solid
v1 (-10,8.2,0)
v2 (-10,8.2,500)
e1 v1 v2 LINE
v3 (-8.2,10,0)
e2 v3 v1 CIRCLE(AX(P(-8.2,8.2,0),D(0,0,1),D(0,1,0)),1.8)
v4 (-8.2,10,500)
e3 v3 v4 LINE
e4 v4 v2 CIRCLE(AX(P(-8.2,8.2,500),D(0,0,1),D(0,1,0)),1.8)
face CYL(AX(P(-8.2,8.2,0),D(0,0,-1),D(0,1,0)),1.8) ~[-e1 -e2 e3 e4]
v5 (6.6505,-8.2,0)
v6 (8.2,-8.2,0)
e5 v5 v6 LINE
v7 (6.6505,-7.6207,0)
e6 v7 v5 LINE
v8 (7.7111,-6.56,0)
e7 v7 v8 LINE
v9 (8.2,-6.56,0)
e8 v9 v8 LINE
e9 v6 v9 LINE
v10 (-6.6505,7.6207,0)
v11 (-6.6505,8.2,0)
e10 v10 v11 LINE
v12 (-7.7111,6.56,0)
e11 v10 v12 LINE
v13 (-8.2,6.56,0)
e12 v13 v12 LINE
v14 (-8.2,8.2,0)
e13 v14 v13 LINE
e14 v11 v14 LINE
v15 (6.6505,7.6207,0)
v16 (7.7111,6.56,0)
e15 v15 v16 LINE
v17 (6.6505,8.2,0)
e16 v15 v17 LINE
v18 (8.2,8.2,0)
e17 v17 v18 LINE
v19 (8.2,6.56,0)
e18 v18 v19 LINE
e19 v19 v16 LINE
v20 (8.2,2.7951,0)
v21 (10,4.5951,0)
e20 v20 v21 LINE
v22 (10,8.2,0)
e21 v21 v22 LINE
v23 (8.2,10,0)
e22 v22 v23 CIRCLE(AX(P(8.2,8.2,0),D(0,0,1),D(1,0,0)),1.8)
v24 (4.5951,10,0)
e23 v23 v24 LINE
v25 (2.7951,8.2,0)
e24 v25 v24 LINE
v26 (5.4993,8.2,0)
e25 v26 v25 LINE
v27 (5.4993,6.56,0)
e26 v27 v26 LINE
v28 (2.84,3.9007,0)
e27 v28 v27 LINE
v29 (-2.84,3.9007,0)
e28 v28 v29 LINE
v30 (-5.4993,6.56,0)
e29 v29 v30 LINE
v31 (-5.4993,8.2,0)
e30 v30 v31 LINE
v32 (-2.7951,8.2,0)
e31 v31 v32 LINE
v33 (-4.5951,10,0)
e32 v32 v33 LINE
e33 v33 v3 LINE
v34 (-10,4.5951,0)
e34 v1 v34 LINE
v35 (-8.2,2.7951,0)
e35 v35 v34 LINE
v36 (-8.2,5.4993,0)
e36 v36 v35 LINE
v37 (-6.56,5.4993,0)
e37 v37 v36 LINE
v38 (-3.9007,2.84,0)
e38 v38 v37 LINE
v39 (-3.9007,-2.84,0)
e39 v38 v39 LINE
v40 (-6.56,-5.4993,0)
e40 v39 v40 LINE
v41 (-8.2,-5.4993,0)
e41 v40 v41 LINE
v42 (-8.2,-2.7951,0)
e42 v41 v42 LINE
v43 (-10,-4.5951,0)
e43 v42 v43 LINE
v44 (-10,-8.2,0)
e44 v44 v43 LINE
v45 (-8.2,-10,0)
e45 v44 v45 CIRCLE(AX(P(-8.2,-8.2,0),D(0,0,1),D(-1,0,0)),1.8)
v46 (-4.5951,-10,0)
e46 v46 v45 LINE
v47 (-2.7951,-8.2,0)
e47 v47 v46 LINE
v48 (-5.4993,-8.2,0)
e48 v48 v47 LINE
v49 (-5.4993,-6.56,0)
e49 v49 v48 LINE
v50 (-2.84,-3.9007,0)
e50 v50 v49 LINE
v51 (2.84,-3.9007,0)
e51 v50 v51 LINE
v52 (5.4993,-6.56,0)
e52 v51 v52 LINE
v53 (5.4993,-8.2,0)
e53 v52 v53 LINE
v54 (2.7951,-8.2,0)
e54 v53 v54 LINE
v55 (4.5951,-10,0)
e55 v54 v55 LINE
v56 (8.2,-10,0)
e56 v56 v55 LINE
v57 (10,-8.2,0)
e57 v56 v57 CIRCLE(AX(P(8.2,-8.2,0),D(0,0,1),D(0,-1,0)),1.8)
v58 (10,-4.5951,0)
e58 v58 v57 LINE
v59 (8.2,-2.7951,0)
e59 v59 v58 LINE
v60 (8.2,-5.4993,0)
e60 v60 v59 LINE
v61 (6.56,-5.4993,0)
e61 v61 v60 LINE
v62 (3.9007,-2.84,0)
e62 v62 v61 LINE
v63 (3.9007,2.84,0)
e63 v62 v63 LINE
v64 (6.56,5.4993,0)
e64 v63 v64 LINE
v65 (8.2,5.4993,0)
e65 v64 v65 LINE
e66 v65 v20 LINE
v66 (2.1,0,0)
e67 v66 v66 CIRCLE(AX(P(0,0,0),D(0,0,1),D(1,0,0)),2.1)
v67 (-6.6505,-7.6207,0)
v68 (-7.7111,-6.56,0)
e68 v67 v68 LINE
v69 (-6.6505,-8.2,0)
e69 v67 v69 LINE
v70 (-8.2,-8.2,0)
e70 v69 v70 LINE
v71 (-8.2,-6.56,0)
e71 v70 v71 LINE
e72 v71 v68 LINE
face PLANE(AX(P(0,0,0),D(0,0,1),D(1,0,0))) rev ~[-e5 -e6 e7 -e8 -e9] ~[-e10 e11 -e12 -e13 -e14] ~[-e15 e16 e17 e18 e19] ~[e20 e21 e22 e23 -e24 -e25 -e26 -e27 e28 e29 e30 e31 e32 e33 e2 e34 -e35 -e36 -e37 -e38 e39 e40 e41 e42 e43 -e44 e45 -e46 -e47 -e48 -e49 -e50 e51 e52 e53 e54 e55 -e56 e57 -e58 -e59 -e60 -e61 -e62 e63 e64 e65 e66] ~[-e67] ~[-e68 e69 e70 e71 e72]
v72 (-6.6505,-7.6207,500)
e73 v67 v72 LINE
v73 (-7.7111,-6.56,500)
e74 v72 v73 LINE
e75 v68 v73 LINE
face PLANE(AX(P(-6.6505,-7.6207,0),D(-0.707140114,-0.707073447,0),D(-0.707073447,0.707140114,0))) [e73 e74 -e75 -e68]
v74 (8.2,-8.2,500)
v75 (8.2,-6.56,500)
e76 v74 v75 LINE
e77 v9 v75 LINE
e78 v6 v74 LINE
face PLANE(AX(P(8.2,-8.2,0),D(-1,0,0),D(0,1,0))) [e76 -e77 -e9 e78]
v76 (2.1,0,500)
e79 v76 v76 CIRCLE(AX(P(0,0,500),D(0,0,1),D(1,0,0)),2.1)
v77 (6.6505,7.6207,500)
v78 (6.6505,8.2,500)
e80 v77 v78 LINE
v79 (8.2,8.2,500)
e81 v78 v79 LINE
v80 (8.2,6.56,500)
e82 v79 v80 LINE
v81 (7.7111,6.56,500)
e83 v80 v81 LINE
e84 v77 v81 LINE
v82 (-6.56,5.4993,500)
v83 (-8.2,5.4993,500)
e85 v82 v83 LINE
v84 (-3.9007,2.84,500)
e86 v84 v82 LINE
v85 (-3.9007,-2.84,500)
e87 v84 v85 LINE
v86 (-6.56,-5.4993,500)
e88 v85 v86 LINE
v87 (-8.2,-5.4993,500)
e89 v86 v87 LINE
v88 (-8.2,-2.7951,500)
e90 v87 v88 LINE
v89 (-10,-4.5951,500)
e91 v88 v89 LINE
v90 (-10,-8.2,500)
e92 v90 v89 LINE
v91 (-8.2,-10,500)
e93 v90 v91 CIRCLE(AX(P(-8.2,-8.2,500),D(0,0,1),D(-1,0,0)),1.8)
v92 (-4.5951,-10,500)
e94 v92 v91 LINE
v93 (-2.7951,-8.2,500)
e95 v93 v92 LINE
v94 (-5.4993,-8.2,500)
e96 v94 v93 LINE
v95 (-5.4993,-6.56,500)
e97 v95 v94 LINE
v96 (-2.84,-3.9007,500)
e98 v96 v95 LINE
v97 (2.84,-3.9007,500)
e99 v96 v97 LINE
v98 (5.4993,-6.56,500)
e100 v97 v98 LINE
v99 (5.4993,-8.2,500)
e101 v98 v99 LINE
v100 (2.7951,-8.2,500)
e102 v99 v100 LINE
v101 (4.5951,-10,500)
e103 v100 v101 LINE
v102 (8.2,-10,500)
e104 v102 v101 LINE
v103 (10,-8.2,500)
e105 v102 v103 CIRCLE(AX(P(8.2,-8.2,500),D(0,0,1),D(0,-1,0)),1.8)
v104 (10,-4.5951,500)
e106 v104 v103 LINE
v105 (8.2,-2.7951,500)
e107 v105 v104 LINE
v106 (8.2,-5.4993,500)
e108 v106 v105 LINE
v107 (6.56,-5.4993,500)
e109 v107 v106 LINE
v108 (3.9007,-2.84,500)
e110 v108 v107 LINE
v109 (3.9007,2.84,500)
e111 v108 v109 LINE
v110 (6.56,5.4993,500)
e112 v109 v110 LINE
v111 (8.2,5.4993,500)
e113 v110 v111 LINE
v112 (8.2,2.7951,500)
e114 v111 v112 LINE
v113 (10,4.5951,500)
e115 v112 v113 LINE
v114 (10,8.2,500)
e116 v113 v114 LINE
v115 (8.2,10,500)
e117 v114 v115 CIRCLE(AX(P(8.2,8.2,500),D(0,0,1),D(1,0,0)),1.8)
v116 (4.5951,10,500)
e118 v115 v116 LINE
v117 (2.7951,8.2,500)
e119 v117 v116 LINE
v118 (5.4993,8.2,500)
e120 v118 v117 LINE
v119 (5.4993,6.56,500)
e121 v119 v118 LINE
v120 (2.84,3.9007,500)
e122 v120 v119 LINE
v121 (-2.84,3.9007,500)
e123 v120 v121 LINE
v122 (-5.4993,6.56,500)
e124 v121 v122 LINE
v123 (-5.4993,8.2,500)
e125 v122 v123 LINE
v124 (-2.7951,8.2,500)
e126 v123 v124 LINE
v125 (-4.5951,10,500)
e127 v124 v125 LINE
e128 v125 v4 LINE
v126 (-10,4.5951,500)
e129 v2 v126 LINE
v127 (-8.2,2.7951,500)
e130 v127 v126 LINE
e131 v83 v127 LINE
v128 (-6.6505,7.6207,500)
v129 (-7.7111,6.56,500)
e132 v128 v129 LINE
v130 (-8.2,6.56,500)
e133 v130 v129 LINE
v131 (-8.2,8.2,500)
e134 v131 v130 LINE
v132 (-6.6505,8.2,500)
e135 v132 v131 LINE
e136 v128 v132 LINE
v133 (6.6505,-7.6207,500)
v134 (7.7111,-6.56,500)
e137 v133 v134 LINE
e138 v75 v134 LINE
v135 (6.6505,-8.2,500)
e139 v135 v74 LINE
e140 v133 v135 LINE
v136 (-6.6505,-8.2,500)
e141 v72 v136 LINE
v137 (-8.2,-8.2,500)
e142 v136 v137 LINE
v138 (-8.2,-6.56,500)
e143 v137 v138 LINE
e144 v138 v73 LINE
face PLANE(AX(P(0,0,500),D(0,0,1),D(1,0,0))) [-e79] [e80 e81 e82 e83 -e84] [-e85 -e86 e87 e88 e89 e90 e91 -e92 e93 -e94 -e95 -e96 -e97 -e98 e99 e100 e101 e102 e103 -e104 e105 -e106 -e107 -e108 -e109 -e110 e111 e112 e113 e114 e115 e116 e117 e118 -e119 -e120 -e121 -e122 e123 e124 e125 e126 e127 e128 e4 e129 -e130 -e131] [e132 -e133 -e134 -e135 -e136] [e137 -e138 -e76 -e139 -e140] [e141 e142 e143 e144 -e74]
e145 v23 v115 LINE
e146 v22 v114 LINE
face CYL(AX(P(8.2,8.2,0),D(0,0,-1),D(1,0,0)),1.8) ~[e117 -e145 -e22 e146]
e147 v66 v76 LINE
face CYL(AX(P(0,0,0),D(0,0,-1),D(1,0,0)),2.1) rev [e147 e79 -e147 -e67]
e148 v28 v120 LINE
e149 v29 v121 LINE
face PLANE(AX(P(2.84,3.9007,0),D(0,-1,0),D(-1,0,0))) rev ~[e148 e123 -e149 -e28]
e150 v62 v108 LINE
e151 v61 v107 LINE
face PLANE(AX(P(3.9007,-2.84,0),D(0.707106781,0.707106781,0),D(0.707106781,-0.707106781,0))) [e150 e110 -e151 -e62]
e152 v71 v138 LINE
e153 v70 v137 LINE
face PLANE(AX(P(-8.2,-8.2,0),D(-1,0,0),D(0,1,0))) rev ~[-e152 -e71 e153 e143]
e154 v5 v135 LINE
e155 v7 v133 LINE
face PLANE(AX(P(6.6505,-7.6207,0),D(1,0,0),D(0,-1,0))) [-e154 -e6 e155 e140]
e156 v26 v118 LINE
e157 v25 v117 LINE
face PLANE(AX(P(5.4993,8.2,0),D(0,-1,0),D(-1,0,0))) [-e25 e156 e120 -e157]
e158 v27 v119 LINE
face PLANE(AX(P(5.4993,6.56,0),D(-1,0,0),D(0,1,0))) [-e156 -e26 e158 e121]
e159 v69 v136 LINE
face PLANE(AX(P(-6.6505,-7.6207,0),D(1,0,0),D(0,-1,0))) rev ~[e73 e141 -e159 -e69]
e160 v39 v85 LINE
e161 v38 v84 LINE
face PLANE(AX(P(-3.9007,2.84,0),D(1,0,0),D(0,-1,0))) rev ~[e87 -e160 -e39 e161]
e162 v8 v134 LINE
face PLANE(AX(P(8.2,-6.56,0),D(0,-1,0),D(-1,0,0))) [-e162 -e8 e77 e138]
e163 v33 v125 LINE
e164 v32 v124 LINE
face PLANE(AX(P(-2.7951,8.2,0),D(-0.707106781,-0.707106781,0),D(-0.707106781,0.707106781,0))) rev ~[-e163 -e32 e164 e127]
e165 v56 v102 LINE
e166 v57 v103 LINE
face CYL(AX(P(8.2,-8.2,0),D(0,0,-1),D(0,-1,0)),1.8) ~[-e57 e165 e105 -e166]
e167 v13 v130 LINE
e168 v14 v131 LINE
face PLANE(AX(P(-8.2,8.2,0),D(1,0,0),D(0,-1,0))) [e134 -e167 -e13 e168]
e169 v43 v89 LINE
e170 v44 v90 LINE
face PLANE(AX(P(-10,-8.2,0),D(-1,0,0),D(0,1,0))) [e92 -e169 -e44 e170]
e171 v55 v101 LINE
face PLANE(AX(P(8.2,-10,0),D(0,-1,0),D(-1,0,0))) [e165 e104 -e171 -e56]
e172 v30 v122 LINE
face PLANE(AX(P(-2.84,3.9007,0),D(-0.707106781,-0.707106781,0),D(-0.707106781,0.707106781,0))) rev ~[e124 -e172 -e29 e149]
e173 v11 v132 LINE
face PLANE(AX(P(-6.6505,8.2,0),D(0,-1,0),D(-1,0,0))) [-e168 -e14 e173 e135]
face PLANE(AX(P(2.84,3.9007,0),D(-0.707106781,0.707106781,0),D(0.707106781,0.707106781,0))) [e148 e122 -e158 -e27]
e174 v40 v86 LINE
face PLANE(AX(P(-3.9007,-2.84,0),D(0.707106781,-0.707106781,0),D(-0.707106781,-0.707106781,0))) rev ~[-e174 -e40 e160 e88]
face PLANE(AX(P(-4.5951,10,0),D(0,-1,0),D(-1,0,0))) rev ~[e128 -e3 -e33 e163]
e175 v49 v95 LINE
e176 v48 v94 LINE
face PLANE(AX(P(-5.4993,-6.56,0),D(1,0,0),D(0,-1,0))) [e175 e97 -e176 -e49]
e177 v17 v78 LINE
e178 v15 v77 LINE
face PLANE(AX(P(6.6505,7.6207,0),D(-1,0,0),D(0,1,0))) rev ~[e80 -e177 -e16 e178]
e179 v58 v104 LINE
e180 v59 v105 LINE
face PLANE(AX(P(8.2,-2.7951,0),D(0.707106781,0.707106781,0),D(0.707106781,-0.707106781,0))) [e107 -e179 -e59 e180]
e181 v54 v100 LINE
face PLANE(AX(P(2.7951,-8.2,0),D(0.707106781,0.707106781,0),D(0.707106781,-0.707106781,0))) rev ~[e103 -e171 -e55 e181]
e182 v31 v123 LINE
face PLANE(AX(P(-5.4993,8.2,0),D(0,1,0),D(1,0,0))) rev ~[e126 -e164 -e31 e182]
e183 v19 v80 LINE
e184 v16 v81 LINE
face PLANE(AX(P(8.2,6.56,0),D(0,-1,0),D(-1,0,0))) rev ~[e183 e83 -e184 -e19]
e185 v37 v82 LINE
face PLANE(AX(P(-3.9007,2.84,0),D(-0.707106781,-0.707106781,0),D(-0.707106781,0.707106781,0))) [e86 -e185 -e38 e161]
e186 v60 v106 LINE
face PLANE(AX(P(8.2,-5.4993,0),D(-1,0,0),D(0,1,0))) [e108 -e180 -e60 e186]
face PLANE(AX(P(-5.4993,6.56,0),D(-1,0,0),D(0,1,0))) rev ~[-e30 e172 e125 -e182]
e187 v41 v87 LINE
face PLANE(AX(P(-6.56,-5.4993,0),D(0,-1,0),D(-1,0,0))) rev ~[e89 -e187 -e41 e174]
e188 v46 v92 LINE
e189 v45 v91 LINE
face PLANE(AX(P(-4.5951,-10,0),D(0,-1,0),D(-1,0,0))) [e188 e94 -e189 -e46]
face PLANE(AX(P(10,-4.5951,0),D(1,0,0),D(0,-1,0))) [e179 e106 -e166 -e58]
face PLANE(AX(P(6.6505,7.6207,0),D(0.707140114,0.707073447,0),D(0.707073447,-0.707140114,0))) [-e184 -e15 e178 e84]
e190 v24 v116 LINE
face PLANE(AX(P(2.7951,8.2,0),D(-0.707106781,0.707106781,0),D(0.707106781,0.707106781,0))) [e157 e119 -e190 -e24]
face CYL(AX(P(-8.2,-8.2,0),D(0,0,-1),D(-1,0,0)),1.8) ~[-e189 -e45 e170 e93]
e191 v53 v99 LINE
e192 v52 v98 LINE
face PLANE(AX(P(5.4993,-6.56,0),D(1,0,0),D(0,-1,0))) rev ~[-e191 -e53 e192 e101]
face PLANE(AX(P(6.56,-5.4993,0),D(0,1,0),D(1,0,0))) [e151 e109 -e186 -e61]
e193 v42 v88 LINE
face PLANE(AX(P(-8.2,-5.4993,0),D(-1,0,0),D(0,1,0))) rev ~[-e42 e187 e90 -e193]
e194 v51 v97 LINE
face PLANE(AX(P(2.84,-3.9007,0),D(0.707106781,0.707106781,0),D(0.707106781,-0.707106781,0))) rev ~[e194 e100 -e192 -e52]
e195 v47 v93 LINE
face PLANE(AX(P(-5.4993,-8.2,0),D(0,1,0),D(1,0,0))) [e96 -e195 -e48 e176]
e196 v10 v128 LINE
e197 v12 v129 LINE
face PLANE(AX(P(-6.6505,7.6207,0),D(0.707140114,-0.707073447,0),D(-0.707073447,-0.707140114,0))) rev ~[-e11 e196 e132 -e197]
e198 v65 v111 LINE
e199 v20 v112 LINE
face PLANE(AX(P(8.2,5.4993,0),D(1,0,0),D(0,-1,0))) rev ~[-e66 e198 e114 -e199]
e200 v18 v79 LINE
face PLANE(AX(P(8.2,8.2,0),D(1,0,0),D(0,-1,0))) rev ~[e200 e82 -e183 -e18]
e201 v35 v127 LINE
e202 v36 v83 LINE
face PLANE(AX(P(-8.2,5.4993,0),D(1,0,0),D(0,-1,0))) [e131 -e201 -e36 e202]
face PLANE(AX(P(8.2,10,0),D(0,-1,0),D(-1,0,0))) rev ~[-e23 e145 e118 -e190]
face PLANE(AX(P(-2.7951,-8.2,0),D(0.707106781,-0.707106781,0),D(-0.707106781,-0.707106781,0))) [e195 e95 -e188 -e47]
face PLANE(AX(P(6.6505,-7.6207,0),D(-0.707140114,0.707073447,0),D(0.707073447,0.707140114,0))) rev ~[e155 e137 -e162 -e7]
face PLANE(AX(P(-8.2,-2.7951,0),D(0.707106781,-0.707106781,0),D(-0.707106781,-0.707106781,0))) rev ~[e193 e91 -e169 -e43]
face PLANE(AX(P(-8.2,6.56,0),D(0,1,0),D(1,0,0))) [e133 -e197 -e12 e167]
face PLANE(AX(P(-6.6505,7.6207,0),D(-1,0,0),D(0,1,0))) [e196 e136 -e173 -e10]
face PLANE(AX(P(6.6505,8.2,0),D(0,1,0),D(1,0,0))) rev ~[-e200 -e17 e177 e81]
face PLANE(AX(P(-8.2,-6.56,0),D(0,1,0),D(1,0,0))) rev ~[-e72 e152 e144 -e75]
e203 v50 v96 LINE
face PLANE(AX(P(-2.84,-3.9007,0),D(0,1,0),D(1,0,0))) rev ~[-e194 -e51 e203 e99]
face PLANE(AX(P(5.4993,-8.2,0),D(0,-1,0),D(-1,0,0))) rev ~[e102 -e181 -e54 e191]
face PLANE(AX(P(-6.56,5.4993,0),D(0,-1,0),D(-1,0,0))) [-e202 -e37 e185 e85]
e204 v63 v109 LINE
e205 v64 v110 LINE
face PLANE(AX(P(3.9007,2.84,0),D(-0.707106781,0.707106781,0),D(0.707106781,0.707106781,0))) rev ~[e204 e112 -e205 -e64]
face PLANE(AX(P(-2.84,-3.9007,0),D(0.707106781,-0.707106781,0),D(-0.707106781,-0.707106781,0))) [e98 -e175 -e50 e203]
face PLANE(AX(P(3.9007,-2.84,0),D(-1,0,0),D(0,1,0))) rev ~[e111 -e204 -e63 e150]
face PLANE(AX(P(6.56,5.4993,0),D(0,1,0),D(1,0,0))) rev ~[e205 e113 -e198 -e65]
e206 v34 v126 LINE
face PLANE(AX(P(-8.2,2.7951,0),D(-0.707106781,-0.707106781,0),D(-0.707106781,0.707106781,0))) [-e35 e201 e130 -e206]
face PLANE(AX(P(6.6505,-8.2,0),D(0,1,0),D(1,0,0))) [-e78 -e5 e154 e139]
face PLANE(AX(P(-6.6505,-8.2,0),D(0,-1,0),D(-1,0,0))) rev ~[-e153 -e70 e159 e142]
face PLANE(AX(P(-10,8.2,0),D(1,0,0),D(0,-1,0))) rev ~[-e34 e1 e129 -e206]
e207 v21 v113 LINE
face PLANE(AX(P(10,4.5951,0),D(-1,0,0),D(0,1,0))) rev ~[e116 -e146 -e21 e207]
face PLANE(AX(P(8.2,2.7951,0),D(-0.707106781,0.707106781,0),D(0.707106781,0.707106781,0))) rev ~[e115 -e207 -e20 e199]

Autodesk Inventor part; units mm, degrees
ref_plane "YZ Plane" through (0, 0, 0) normal (1, 0, 0) x (0, 1, 0)
sketch "Sketch1" plane through (0, 0, 0) normal (0, 0, 1) x (1, 0, 0)
  line L0 (10, -4.5951) -> (10, -8.2)
  line L1 (-10, -8.2) -> (-10, -4.5951)
  line L2 (-10, 10) -> (10, -10) construction
  line L3 (10, 10) -> (-10, -10) construction
  circle A0 centre (0, 0) radius 2.1
  line L4 (-2.84, -3.9007) -> (2.84, -3.9007)
  line L5 (3.9007, -2.84) -> (3.9007, 2.84)
  line L6 (2.84, 3.9007) -> (-2.84, 3.9007)
  line L7 (-3.9007, 2.84) -> (-3.9007, -2.84)
  line L8 (-3.9007, -3.9007) -> (3.9007, 3.9007) construction
  line L9 (3.9007, -3.9007) -> (-3.9007, 3.9007) construction
  line L10 (-3.9007, -2.84) -> (-2.84, -3.9007) construction
  line L11 (-2.84, -3.9007) -> (-5.4993, -6.56)
  line L12 (-5.4993, -6.56) -> (-5.4993, -8.2)
  line L13 (-5.4993, -8.2) -> (-2.7951, -8.2)
  line L14 (-2.7951, -8.2) -> (-4.5951, -10)
  line L15 (0, 0) -> (0, -3.9007) construction
  line L16 (3.9007, -2.84) -> (2.84, -3.9007) construction
  line L17 (2.84, -3.9007) -> (5.4993, -6.56)
  line L18 (5.4993, -6.56) -> (5.4993, -8.2)
  line L19 (5.4993, -8.2) -> (2.7951, -8.2)
  line L20 (2.7951, -8.2) -> (4.5951, -10)
  line L21 (-2.84, -3.9007) -> (-3.9007, -2.84) construction
  line L22 (-3.9007, -2.84) -> (-6.56, -5.4993)
  line L23 (-6.56, -5.4993) -> (-8.2, -5.4993)
  line L24 (-8.2, -5.4993) -> (-8.2, -2.7951)
  line L25 (-8.2, -2.7951) -> (-10, -4.5951)
  line L26 (3.9007, -2.84) -> (6.56, -5.4993)
  line L27 (6.56, -5.4993) -> (8.2, -5.4993)
  line L28 (8.2, -5.4993) -> (8.2, -2.7951)
  line L29 (8.2, -2.7951) -> (10, -4.5951)
  arc A1 (-10, -8.2) -> (-8.2, -10) centre (-8.2, -8.2) ccw
  arc A2 (8.2, -10) -> (10, -8.2) centre (8.2, -8.2) ccw
  line L30 (-8.2, -6.56) -> (-7.7111, -6.56)
  line L31 (-6.6505, -8.2) -> (-8.2, -8.2)
  line L32 (-8.2, -8.2) -> (-8.2, -6.56)
  line L33 (-6.6505, -7.6207) -> (-7.7111, -6.56)
  line L34 (-6.6505, -7.6207) -> (-6.6505, -8.2)
  line L35 (8.2, -6.56) -> (7.7111, -6.56)
  line L36 (6.6505, -8.2) -> (8.2, -8.2)
  line L37 (8.2, -8.2) -> (8.2, -6.56)
  line L38 (6.6505, -7.6207) -> (7.7111, -6.56)
  line L39 (6.6505, -7.6207) -> (6.6505, -8.2)
  line L40 (8.2, -10) -> (4.5951, -10)
  line L41 (-4.5951, -10) -> (-8.2, -10)
  line L42 (-3.9007, 0) -> (3.9007, 0) construction
  line L43 (10, 4.5951) -> (10, 8.2)
  line L44 (-10, 8.2) -> (-10, 4.5951)
  line L45 (-2.84, 3.9007) -> (2.84, 3.9007)
  line L46 (-3.9007, 2.84) -> (-2.84, 3.9007) construction
  line L47 (-2.84, 3.9007) -> (-5.4993, 6.56)
  line L48 (-5.4993, 6.56) -> (-5.4993, 8.2)
  line L49 (-5.4993, 8.2) -> (-2.7951, 8.2)
  line L50 (-2.7951, 8.2) -> (-4.5951, 10)
  line L51 (2.84, 3.9007) -> (5.4993, 6.56)
  line L52 (5.4993, 6.56) -> (5.4993, 8.2)
  line L53 (5.4993, 8.2) -> (2.7951, 8.2)
  line L54 (2.7951, 8.2) -> (4.5951, 10)
  line L55 (3.9007, 2.84) -> (2.84, 3.9007) construction
  line L56 (-8.2, 2.7951) -> (-10, 4.5951)
  line L57 (-2.84, 3.9007) -> (-3.9007, 2.84) construction
  line L58 (-3.9007, 2.84) -> (-6.56, 5.4993)
  line L59 (-6.56, 5.4993) -> (-8.2, 5.4993)
  line L60 (-8.2, 5.4993) -> (-8.2, 2.7951)
  line L61 (3.9007, 2.84) -> (6.56, 5.4993)
  line L62 (6.56, 5.4993) -> (8.2, 5.4993)
  line L63 (8.2, 5.4993) -> (8.2, 2.7951)
  line L64 (8.2, 2.7951) -> (10, 4.5951)
  arc A3 (-8.2, 10) -> (-10, 8.2) centre (-8.2, 8.2) ccw
  arc A4 (10, 8.2) -> (8.2, 10) centre (8.2, 8.2) ccw
  line L65 (-8.2, 6.56) -> (-7.7111, 6.56)
  line L66 (-6.6505, 8.2) -> (-8.2, 8.2)
  line L67 (-8.2, 8.2) -> (-8.2, 6.56)
  line L68 (-6.6505, 7.6207) -> (-7.7111, 6.56)
  line L69 (-6.6505, 7.6207) -> (-6.6505, 8.2)
  line L70 (8.2, 6.56) -> (7.7111, 6.56)
  line L71 (6.6505, 7.6207) -> (7.7111, 6.56)
  line L72 (8.2, 8.2) -> (8.2, 6.56)
  line L73 (6.6505, 7.6207) -> (6.6505, 8.2)
  line L74 (6.6505, 8.2) -> (8.2, 8.2)
  line L75 (8.2, 10) -> (4.5951, 10)
  line L76 (-4.5951, 10) -> (-8.2, 10)
  line L77 (-8.2, 10) -> (-4.5951, 10)
  line L78 (4.5951, 10) -> (8.2, 10)
  point P0 (8.2, -8.2)
  point P1 (0, 3.9007)
  point P2 (8.2, 8.2)
  point P3 (0, 2.1)
  point P4 (1.4849, 1.4849)
  point P5 (0, 2.1)
  point P6 (0, 10)
  dimension "Width" = 20
  dimension "Height" = 20
  dimension "d2" = 4.2
  dimension "d3" = 1.5
  dimension "d4" = 1.64
  dimension "d6" = 5.68
  dimension "d7" = 1.8
  dimension "d9" = 1.5
ref_plane "Start Plane" through (0, 0, 0) normal (0, 0, 1) x (1, 0, 0)
ref_plane "End Plane" through (0, 0, 20) normal (0, 0, 1) x (1, 0, 0)
sketch "Sketch4" plane through (0, 0, 0) normal (0, 0, 1) x (1, 0, 0)
  line L0 (0, 0) -> (10, 0)
ref_plane "Work Plane4" through (0, 0, 0) normal (0, -1, 0) x (1, 0, 0)
sketch "Sketch5" plane through (0, 0, 0) normal (0, -1, 0) x (1, 0, 0)
  line L0 (-2, 0) -> (12, 0) construction
  line L1 (-2, 20) -> (12, 20) construction
  dimension "d17" = 20
extrude "Extrusion3" add sketch "Sketch1" along normal blind 500
equation "\"G_OFFSET_START\" = 0"
equation "\"G_OFFSET_END\" = 0"
equation "\"G_L\" = d17"
properties part number "V-slot 20 mm x 20 mm" material "Aluminum 6061"
